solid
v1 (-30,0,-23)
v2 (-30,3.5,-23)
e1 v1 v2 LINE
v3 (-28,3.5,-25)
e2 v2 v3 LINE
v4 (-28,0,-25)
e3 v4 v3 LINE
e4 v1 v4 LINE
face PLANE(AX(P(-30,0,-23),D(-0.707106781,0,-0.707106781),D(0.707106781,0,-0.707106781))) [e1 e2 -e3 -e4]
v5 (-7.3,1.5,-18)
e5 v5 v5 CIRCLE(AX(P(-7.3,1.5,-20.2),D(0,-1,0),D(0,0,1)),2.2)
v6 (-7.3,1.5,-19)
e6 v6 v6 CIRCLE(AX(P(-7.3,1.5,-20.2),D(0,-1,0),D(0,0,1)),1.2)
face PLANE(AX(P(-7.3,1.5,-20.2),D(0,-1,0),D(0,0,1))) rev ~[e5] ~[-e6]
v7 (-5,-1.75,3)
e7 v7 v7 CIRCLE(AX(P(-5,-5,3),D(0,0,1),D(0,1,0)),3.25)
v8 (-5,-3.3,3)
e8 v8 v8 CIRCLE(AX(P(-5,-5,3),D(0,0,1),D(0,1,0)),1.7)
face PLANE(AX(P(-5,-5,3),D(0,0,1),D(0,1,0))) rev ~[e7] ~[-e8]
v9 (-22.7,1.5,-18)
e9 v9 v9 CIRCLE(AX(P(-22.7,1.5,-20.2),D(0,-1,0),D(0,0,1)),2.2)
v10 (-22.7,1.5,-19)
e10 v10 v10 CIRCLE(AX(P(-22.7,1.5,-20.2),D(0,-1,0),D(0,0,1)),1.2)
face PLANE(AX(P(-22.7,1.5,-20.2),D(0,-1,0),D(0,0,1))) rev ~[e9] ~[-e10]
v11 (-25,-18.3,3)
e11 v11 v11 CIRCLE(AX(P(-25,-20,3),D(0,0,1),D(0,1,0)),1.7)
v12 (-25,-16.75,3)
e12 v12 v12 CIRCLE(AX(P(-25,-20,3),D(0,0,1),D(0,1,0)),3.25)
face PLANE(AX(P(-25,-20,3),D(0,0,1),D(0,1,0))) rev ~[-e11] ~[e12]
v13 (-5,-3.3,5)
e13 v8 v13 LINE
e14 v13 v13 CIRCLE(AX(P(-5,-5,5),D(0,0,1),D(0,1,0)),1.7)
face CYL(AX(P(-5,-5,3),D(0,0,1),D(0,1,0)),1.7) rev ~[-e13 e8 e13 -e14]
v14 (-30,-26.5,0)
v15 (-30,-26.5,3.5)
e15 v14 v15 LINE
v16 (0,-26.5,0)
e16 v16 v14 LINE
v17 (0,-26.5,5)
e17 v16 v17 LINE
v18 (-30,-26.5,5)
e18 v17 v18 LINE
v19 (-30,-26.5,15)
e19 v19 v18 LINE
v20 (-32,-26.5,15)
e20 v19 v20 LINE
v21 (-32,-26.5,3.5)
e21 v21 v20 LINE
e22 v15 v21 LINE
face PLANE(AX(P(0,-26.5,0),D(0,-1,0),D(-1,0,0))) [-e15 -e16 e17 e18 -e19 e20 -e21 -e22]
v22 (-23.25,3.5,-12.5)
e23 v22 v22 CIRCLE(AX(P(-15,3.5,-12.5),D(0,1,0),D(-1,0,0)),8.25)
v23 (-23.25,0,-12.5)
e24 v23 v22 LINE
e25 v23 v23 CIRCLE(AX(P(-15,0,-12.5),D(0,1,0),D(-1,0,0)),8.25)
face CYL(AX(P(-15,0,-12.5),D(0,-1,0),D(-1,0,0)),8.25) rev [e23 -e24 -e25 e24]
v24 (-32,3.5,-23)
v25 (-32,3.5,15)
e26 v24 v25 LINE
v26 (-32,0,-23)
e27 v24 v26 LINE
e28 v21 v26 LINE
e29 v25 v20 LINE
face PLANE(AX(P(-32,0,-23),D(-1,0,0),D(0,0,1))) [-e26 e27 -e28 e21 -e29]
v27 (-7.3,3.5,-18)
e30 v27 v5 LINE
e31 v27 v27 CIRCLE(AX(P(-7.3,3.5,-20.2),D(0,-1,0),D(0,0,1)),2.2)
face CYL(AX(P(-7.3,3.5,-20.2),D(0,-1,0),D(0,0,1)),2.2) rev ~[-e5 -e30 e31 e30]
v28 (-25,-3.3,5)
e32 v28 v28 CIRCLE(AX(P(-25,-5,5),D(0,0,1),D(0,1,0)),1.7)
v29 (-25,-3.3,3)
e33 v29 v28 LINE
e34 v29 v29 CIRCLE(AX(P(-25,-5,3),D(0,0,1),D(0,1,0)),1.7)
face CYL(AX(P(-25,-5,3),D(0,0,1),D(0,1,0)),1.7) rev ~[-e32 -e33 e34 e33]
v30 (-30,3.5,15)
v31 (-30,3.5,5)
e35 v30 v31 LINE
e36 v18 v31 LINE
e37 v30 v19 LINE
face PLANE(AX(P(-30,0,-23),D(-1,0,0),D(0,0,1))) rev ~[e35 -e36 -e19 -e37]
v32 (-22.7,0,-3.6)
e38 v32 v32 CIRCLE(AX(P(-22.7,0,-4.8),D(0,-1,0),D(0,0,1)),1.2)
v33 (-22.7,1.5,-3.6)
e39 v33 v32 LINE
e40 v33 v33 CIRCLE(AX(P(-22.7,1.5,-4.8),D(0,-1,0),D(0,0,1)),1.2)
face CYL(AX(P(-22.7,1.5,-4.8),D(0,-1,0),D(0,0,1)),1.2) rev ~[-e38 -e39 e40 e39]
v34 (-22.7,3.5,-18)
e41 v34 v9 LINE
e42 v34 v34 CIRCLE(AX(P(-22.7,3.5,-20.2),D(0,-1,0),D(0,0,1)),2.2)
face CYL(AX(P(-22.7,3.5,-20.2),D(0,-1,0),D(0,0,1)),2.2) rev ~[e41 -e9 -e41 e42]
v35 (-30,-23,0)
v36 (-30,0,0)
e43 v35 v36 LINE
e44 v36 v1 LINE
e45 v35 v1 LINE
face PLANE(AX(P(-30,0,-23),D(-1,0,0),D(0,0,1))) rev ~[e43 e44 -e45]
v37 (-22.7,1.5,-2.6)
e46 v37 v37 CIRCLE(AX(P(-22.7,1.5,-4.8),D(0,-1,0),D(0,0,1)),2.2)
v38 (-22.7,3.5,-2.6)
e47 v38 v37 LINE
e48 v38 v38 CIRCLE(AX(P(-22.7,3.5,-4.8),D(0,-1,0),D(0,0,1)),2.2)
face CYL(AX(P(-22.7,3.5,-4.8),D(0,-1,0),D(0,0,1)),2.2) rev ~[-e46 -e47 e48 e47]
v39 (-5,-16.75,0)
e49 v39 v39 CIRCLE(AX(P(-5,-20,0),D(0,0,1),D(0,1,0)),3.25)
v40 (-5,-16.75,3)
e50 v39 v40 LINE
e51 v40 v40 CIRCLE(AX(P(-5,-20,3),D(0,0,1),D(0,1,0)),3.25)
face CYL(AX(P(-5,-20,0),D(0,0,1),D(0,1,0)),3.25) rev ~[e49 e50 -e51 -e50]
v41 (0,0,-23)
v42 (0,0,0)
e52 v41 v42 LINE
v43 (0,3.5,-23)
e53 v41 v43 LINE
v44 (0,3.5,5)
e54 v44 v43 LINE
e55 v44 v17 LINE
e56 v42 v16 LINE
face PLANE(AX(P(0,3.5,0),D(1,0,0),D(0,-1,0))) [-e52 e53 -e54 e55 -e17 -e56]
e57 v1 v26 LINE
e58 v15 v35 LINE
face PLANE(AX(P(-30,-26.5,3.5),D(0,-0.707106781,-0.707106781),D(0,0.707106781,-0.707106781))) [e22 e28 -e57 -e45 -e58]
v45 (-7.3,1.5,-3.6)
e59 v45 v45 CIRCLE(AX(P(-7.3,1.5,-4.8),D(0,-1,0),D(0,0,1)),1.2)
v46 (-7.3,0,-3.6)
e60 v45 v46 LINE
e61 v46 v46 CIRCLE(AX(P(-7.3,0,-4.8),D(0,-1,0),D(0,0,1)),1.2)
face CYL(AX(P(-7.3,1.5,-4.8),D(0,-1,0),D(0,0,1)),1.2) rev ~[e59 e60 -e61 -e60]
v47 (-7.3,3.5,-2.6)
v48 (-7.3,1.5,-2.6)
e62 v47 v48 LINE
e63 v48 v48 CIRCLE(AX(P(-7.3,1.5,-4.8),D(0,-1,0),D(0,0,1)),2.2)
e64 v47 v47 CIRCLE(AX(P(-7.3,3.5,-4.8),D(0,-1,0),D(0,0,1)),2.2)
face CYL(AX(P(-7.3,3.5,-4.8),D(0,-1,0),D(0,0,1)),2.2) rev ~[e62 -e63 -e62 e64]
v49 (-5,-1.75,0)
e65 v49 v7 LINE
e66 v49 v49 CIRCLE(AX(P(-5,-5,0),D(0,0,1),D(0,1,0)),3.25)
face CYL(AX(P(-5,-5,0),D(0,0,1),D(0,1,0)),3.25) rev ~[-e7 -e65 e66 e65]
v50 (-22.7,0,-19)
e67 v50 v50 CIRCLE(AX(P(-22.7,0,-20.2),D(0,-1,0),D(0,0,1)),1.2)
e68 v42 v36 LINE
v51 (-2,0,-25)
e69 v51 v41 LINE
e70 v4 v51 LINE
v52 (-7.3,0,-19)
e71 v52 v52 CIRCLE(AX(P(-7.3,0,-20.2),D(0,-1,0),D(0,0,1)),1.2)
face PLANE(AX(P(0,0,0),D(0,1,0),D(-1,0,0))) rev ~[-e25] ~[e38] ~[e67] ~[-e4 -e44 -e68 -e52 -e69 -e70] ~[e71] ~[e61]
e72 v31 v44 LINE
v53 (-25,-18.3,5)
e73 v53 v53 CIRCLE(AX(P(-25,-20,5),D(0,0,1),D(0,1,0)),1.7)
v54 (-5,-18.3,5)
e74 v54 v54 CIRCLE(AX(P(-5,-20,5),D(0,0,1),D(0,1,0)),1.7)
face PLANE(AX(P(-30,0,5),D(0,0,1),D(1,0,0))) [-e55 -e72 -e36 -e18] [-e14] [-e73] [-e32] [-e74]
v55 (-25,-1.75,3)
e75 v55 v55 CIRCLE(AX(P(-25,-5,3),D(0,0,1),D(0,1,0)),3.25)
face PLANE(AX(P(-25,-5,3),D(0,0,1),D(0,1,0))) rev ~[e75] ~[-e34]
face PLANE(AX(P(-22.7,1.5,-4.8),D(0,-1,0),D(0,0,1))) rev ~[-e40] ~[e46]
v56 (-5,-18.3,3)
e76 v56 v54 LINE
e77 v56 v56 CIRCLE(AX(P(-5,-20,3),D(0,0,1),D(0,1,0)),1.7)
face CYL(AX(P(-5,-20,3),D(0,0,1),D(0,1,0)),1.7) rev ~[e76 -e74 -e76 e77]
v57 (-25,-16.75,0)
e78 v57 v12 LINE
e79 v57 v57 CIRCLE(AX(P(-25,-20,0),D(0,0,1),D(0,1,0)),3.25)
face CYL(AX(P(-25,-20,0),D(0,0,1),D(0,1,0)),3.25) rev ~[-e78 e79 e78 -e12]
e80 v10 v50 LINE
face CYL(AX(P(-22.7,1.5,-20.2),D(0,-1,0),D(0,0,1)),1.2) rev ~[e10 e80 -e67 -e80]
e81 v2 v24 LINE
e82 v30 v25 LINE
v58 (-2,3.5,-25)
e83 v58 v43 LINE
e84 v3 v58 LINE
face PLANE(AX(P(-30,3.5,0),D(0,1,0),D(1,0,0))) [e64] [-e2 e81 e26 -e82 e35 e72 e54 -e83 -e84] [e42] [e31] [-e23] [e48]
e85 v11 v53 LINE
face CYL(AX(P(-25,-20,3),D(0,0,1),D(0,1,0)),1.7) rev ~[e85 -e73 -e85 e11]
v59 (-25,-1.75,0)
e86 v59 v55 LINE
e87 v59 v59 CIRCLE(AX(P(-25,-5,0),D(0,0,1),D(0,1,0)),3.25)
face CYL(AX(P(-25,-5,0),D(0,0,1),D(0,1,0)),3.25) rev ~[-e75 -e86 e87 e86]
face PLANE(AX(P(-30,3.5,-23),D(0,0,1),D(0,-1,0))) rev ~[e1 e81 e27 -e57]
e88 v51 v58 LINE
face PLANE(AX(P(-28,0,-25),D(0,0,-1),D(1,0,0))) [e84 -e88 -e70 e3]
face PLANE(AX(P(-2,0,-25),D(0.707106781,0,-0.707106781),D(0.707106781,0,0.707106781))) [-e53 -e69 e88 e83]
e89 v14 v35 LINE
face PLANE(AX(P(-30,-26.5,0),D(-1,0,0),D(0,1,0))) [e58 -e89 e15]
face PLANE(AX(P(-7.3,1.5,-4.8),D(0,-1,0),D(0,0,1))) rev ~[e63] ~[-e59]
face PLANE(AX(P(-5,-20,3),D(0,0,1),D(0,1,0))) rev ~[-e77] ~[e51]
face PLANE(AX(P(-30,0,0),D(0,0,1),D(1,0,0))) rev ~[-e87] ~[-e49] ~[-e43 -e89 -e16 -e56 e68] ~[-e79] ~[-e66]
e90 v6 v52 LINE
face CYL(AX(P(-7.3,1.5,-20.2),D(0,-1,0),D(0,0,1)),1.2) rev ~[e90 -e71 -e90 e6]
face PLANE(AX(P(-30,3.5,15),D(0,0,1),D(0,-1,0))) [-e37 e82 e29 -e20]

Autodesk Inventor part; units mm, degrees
ref_plane "YZ Plane" through (0, 0, 0) normal (1, 0, 0) x (0, 1, 0)
ref_plane "XZ Plane" through (0, 0, 0) normal (0, 1, 0) x (-1, 0, 0)
ref_plane "XY Plane" through (0, 0, 0) normal (0, 0, 1) x (1, 0, 0)
sketch "Esquisse1" plane through (0, 0, 0) normal (0, 1, 0) x (-1, 0, 0)
  line L0 (0, 0) -> (30, 0)
  line L1 (30, 0) -> (30, -23)
  line L2 (28, -25) -> (2, -25)
  line L3 (0, -23) -> (0, 0)
  circle A0 centre (15, -12.5) radius 8.25
  line L4 (30, -23) -> (28, -25)
  line L5 (2, -25) -> (0, -23)
  point P0 (0, 0)
  point P1 (30, -25)
  point P2 (0, -25)
  point P3 (11.5, 0)
  point P4 (30, -4)
  point P5 (21, 0)
  point P6 (0, -2)
  point P7 (2, 0)
  dimension "d0" = 25
  dimension "d1" = 30
  dimension "d2" = 16.5
  dimension "d3" = 15
  dimension "d11" = 2
  dimension "d12" = 2
  dimension "d13" = 2
  dimension "d14" = 2
  dimension "d47" = 12.5
extrude "Extrusion1" add sketch "Esquisse1" along normal blind 3.5
sketch "Esquisse2" plane through (0, 3.5, 0) normal (0, 1, 0) x (1, 0, 0)
  circle A0 centre (-15, 12.5) radius 8.25 construction
  circle A1 centre (-15, 12.5) radius 10.8894 construction
  line L0 (-22.7, 4.8) -> (-22.7, 20.2) construction
  line L1 (-22.7, 20.2) -> (-7.3, 20.2) construction
  line L2 (-7.3, 20.2) -> (-7.3, 4.8) construction
  line L3 (-7.3, 4.8) -> (-22.7, 4.8) construction
  point P0 (0, 0)
  dimension "d19" = 15.4
  dimension "d20" = 15.4
hole "Perçage1" at (-22.7, 3.5, -4.8) at (-22.7, 3.5, -20.2) at (-7.3, 3.5, -20.2) at (-7.3, 3.5, -4.8) direction (0, -1, 0) diameter 2.4 end through all counterbore diameter 4.4 counterbore depth 2 clearance for "Vis d'assemblage à six pans creux" size "M2" standard "Profil M métrique ANSI"
sketch "Esquisse3" plane through (-30, 0, 0) normal (0, 0, 1) x (1, 0, 0)
  line L0 (0, 3.5) -> (30, 3.5) projected
  line L1 (0, 3.5) -> (30, 3.5)
  line L2 (30, 3.5) -> (30, -26.5)
  line L3 (30, -26.5) -> (0, -26.5)
  line L4 (0, -26.5) -> (0, 3.5)
  point P0 (30, 0)
  point P1 (30, 3.5)
  dimension "d29" = 30
  dimension "d48" = 30
  dimension "d49" = 30
extrude "Extrusion2" add sketch "Esquisse3" along normal blind 5
sketch "Esquisse4" plane through (-30, 0, -23) normal (-1, 0, 0) x (0, 0, 1)
  line L0 (0, 3.5) -> (28, 3.5) projected
  line L1 (28, 3.5) -> (0, 3.5)
  line L2 (0, 3.5) -> (0, 0)
  line L3 (0, 0) -> (-2, 0) projected
  line L4 (26.5, -26.5) -> (0, 0)
  line L5 (28, 3.5) -> (28, -26.5) projected
  line L6 (28, -26.5) -> (26.5, -26.5)
  line L7 (28, 3.5) -> (38, 3.5)
  line L8 (38, 3.5) -> (38, -26.5)
  line L9 (38, -26.5) -> (21.647, -26.5)
  point P0 (23, 0)
  point P1 (24.5, -21)
  point P2 (0, 3.5)
  point P3 (21, -21)
  dimension "d50" = 30
  dimension "d51" = 30
  dimension "d52" = 10
extrude "Extrusion3" add sketch "Esquisse4" along normal blind 2
sketch "Esquisse5" plane through (-30, 0, 0) normal (0, 0, -1) x (-1, 0, 0)
  line L0 (-5, -5) -> (-25, -5) construction
  line L1 (-25, -5) -> (-25, -20) construction
  line L2 (-25, -20) -> (-5, -20) construction
  line L3 (-5, -20) -> (-5, -5) construction
  line L4 (-28, 0) -> (-2, 0) construction
  line L5 (0, 0) -> (0, -23) construction
  point P0 (-30, 0)
  point P1 (0, -21)
  dimension "d36" = 15
  dimension "d37" = 20
  dimension "d38" = 5
  dimension "d39" = 5
hole "Perçage2" at (-25, -5, 0) at (-25, -20, 0) at (-5, -20, 0) at (-5, -5, 0) direction (0, 0, 1) diameter 3.4 end through all counterbore diameter 6.5 counterbore depth 3 clearance for "Vis d'assemblage à six pans creux" size "M3" standard "Profil M métrique ANSI"
equation "\"d3\" = 0.5 * d1"
equation "\"d11\" = d9"
equation "\"d12\" = d11"
equation "\"d13\" = d9"
equation "\"d14\" = d13"
equation "\"d47\" = 0.5 * d0"
equation "\"d20\" = d19"
equation "\"d48\" = d49"
equation "\"d51\" = d50"
equation "\"d9\" = 2"
properties part number "support nema8"
